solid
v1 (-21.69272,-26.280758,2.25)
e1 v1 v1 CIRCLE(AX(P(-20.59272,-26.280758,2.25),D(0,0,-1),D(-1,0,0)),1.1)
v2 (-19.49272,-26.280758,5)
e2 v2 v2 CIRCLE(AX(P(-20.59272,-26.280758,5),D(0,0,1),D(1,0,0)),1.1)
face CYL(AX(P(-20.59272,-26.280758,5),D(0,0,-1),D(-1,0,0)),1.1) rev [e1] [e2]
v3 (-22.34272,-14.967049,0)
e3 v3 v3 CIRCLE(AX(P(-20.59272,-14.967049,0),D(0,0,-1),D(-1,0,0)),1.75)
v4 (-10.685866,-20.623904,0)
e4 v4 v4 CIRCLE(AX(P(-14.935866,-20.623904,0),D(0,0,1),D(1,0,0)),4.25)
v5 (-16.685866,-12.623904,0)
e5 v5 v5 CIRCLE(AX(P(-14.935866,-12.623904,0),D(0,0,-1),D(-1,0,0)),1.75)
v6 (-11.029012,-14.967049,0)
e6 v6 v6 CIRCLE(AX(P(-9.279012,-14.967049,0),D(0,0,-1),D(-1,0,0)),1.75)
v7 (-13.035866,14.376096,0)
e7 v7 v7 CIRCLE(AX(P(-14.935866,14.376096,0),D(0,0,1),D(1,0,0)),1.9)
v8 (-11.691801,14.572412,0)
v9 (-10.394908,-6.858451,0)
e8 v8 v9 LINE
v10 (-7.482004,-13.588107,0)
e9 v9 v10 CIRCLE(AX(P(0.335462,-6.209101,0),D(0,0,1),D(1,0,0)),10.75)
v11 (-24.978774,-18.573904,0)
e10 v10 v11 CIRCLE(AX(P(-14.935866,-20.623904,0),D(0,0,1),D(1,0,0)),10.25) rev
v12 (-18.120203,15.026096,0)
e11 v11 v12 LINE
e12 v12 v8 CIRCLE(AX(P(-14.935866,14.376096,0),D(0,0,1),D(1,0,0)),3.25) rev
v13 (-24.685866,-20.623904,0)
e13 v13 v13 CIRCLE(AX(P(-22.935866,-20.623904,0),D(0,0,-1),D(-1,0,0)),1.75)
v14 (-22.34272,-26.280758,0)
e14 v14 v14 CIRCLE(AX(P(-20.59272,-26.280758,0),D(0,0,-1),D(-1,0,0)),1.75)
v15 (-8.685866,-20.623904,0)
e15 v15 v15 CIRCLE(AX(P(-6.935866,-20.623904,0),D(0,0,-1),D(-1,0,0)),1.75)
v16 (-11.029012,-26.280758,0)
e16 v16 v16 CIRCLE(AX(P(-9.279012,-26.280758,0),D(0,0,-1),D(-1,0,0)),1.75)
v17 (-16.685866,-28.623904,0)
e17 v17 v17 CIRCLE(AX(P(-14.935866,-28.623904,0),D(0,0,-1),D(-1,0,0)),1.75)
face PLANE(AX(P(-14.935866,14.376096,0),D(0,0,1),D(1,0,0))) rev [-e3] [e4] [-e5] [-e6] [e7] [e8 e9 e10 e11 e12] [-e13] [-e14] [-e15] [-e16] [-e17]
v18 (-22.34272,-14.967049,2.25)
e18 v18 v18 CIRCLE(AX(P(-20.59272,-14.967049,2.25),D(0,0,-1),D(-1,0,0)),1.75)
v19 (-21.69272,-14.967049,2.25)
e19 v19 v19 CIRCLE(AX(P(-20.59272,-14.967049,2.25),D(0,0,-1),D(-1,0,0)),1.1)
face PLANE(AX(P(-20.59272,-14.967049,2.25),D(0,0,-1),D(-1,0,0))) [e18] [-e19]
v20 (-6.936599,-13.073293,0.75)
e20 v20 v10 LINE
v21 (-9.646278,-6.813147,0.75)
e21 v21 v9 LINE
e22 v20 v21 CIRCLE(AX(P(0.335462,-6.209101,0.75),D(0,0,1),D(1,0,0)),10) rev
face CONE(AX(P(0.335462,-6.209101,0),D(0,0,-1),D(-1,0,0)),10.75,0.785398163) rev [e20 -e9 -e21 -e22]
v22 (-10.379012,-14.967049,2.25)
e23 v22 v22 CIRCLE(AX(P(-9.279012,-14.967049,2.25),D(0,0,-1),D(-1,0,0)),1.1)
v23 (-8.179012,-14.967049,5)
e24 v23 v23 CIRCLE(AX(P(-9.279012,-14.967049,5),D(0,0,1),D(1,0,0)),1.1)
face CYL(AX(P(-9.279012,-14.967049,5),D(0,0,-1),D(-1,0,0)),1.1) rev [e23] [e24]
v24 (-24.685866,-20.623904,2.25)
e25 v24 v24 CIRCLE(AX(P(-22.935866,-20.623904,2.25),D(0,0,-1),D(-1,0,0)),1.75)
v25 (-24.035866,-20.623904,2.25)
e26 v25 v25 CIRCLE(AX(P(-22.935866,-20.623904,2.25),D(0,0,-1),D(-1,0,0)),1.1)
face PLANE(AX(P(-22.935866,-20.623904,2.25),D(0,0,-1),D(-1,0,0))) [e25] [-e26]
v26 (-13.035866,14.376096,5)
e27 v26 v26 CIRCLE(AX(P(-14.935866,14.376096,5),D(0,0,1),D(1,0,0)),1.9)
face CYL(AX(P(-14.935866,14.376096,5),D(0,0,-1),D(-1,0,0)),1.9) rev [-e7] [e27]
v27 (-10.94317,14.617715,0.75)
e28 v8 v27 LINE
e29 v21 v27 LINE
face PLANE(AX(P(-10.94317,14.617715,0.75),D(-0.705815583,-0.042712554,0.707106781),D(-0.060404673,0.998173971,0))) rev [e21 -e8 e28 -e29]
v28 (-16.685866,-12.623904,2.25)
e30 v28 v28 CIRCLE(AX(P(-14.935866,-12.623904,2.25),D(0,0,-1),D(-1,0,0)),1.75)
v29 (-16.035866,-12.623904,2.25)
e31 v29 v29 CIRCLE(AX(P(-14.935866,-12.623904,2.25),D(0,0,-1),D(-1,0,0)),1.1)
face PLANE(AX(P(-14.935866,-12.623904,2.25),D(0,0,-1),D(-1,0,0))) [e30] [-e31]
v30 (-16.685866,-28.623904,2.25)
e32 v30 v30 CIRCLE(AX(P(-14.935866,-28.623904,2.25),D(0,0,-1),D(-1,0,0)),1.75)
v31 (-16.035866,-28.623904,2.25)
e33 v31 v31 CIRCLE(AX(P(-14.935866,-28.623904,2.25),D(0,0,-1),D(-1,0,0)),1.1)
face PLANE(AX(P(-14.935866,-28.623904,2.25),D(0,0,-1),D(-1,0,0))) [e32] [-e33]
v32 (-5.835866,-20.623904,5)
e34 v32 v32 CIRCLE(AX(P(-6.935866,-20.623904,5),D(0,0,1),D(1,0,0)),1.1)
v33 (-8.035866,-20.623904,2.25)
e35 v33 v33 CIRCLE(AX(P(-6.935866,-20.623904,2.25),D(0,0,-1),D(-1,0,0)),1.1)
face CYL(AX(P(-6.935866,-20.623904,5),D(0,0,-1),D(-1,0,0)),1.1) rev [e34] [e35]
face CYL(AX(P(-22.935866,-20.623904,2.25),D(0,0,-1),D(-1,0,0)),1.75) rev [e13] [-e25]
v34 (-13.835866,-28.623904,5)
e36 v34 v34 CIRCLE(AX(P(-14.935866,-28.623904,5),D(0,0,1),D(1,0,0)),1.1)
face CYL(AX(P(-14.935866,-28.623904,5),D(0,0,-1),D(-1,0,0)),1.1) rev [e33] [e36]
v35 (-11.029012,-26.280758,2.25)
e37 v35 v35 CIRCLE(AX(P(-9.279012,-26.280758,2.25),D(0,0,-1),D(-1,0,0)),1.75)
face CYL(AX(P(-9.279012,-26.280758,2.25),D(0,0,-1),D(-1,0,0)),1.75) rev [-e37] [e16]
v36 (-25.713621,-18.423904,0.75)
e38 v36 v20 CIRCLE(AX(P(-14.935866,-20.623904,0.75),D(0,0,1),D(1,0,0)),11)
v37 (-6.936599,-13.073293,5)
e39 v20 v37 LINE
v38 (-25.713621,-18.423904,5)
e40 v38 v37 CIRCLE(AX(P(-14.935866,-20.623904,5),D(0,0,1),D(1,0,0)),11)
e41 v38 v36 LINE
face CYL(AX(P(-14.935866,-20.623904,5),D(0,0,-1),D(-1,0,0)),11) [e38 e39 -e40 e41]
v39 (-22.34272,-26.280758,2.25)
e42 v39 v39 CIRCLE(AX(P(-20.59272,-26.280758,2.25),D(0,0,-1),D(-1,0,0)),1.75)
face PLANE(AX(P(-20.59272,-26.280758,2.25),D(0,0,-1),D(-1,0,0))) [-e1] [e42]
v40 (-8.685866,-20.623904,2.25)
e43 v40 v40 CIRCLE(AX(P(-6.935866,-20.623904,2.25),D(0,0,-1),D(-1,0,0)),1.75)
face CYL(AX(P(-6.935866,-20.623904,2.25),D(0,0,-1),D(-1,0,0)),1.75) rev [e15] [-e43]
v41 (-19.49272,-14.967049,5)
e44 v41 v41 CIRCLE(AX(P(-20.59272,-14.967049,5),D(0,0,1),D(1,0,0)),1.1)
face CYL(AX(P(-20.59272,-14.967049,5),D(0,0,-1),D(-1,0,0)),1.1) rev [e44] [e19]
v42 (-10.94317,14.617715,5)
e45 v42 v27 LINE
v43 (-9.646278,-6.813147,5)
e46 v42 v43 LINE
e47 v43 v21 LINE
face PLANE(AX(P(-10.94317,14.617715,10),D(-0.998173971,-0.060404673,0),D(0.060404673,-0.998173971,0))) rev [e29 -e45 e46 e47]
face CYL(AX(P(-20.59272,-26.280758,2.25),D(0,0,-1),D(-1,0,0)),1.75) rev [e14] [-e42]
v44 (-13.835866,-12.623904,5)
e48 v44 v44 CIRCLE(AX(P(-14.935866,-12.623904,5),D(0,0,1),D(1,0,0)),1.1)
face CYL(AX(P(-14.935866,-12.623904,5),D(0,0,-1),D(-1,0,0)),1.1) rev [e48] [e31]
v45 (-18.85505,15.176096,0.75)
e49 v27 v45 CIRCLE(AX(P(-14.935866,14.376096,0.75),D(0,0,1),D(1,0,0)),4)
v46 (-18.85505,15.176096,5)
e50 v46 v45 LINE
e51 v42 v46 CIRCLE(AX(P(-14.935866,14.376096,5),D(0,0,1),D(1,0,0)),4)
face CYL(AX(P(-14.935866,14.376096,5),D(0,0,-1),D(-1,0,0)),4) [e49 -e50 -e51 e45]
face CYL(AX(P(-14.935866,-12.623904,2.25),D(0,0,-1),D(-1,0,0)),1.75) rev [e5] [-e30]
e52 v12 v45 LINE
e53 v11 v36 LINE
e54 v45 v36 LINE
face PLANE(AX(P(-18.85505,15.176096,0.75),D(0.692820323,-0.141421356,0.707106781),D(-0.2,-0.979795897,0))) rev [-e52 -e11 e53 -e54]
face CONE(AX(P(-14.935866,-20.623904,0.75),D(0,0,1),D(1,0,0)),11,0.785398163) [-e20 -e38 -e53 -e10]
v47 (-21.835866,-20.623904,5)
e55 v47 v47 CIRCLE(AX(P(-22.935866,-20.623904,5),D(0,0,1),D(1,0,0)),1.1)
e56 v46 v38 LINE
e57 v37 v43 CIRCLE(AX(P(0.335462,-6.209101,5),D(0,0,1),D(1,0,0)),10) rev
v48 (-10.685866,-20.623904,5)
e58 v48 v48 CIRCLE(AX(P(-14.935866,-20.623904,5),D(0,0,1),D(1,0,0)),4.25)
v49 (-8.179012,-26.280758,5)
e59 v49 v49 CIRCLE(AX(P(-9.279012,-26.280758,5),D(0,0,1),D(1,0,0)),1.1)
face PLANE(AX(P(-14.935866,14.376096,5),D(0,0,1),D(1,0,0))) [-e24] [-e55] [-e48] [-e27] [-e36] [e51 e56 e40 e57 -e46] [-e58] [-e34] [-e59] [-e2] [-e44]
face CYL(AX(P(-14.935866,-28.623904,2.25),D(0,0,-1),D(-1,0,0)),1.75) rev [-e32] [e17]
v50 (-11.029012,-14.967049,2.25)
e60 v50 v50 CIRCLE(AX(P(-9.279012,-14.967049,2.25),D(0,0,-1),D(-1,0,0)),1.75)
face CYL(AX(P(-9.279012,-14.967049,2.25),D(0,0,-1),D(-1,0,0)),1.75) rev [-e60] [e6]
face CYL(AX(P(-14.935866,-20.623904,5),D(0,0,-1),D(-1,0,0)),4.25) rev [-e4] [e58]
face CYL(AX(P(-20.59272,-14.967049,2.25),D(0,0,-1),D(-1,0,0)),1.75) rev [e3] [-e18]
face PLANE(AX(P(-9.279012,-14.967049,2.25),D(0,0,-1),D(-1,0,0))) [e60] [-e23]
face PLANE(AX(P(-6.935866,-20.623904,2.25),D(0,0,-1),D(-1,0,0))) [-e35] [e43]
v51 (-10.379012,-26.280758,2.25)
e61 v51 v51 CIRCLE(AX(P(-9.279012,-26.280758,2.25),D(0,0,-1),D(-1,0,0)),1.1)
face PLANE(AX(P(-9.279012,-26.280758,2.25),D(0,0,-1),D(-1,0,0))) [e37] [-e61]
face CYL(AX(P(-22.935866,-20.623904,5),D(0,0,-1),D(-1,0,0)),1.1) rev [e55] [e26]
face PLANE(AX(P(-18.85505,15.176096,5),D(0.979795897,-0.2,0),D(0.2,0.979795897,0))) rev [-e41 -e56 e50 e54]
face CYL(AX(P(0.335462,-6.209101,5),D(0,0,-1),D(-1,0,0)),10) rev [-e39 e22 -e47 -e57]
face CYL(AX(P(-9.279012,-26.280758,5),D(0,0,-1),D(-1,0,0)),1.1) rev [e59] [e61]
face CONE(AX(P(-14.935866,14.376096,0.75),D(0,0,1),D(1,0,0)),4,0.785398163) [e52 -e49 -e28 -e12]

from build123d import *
from build123d.topology import SkipClean

# Parameters (mm, degrees)
SKETCH1_R             = 1.9
SKETCH1_R_2           = 4.25
SKETCH1_R_3           = 1.1
BOSS_EXTRUDE1_DEPTH   = 5
SKETCH4_R             = 1.75
CUT_EXTRUDE3_DEPTH    = 2.25
CORTAR_EXTRUIR1_DEPTH = 10
REDONDEO1_R           = 10
CHAFL_N1_SIZE         = 0.75


with BuildPart() as part:
    # Sketch1 → Boss-Extrude1 (new body)
    with BuildSketch(Plane.XY):
        with BuildLine():
            Line((-18.855049733, 15.176096398), (-25.713621013, -18.423903602))
            ThreePointArc((-25.713621013, -18.423903602), (-14.935866145, -31.623903602), (-4.158111277, -18.423903602))
            Line((-4.158111277, -18.423903602), (-11.016682556, 15.176096398))
            ThreePointArc((-11.016682556, 15.176096398), (-14.935866145, 18.376096398), (-18.855049733, 15.176096398))
        make_face()
        with Locations((-14.935866145, 14.376096398)):
            Circle(SKETCH1_R, mode=Mode.SUBTRACT)
        with Locations((-14.935866145, -20.623903602)):
            Circle(SKETCH1_R_2, mode=Mode.SUBTRACT)
        with Locations((-6.935866145, -20.623903602)):
            Circle(SKETCH1_R_3, mode=Mode.SUBTRACT)
        with Locations((-9.279011895, -26.280757851)):
            Circle(SKETCH1_R_3, mode=Mode.SUBTRACT)
        with Locations((-14.935866145, -28.623903602)):
            Circle(SKETCH1_R_3, mode=Mode.SUBTRACT)
        with Locations((-20.592720394, -26.280757851)):
            Circle(SKETCH1_R_3, mode=Mode.SUBTRACT)
        with Locations((-22.935866145, -20.623903602)):
            Circle(SKETCH1_R_3, mode=Mode.SUBTRACT)
        with Locations((-20.592720394, -14.967049352)):
            Circle(SKETCH1_R_3, mode=Mode.SUBTRACT)
        with Locations((-14.935866145, -12.623903602)):
            Circle(SKETCH1_R_3, mode=Mode.SUBTRACT)
        with Locations((-9.279011895, -14.967049352)):
            Circle(SKETCH1_R_3, mode=Mode.SUBTRACT)
    extrude(amount=BOSS_EXTRUDE1_DEPTH)

    # Sketch4 → Cut-Extrude3 (cut)
    with BuildSketch(Plane(origin=(0, 0, 0), x_dir=(-1, 0, 0), z_dir=(0, 0, -1))):
        with Locations((22.935866145, -20.623903602)):
            Circle(SKETCH4_R)
        with Locations((20.592720394, -26.280757851)):
            Circle(SKETCH4_R)
        with Locations((14.935866145, -28.623903602)):
            Circle(SKETCH4_R)
        with Locations((9.279011895, -26.280757851)):
            Circle(SKETCH4_R)
        with Locations((6.935866145, -20.623903602)):
            Circle(SKETCH4_R)
        with Locations((9.279011895, -14.967049352)):
            Circle(SKETCH4_R)
        with Locations((14.935866145, -12.623903602)):
            Circle(SKETCH4_R)
        with Locations((20.592720394, -14.967049352)):
            Circle(SKETCH4_R)
    extrude(amount=-CUT_EXTRUDE3_DEPTH, mode=Mode.SUBTRACT)

    # Croquis1 → Cortar-Extruir1 (cut)
    with SkipClean():  # the faces are left unmerged after this step: merging them gives an invalid solid
        with BuildSketch(Plane(origin=(0, 0, 0), x_dir=(-1, 0, 0), z_dir=(0, 0, -1))):
            with BuildLine():
                Line((10.943170263, 14.617715091), (9.385221653, -11.127043819))
                ThreePointArc((9.385221653, -11.127043819), (5.993539989, -14.21806229), (4.158111277, -18.423903602))
                Line((4.158111277, -18.423903602), (11.016682556, 15.176096398))
                ThreePointArc((11.016682556, 15.176096398), (10.970086699, 14.898201167), (10.943170263, 14.617715091))
            make_face()
        extrude(amount=-CORTAR_EXTRUIR1_DEPTH, mode=Mode.SUBTRACT)

    # Redondeo1
    redondeo1_edges = [part.edges().sort_by_distance(p)[0] for p in [
        (-9.385221653, -11.127043819, 2.5),
    ]]
    fillet(redondeo1_edges, radius=REDONDEO1_R)

    # Chaflán1
    chafl_n1_edges = [part.edges().sort_by_distance(p)[0] for p in [
        (-10.294724055, 3.902283801, 0),
        (-8.841725264, -10.181409474, 0),
        (-14.935866145, -31.623903602, 0),
        (-22.284335373, -1.623903602, 0),
        (-14.935866145, 18.376096398, 0),
    ]]
    chamfer(chafl_n1_edges, length=CHAFL_N1_SIZE)


solid = part.part
